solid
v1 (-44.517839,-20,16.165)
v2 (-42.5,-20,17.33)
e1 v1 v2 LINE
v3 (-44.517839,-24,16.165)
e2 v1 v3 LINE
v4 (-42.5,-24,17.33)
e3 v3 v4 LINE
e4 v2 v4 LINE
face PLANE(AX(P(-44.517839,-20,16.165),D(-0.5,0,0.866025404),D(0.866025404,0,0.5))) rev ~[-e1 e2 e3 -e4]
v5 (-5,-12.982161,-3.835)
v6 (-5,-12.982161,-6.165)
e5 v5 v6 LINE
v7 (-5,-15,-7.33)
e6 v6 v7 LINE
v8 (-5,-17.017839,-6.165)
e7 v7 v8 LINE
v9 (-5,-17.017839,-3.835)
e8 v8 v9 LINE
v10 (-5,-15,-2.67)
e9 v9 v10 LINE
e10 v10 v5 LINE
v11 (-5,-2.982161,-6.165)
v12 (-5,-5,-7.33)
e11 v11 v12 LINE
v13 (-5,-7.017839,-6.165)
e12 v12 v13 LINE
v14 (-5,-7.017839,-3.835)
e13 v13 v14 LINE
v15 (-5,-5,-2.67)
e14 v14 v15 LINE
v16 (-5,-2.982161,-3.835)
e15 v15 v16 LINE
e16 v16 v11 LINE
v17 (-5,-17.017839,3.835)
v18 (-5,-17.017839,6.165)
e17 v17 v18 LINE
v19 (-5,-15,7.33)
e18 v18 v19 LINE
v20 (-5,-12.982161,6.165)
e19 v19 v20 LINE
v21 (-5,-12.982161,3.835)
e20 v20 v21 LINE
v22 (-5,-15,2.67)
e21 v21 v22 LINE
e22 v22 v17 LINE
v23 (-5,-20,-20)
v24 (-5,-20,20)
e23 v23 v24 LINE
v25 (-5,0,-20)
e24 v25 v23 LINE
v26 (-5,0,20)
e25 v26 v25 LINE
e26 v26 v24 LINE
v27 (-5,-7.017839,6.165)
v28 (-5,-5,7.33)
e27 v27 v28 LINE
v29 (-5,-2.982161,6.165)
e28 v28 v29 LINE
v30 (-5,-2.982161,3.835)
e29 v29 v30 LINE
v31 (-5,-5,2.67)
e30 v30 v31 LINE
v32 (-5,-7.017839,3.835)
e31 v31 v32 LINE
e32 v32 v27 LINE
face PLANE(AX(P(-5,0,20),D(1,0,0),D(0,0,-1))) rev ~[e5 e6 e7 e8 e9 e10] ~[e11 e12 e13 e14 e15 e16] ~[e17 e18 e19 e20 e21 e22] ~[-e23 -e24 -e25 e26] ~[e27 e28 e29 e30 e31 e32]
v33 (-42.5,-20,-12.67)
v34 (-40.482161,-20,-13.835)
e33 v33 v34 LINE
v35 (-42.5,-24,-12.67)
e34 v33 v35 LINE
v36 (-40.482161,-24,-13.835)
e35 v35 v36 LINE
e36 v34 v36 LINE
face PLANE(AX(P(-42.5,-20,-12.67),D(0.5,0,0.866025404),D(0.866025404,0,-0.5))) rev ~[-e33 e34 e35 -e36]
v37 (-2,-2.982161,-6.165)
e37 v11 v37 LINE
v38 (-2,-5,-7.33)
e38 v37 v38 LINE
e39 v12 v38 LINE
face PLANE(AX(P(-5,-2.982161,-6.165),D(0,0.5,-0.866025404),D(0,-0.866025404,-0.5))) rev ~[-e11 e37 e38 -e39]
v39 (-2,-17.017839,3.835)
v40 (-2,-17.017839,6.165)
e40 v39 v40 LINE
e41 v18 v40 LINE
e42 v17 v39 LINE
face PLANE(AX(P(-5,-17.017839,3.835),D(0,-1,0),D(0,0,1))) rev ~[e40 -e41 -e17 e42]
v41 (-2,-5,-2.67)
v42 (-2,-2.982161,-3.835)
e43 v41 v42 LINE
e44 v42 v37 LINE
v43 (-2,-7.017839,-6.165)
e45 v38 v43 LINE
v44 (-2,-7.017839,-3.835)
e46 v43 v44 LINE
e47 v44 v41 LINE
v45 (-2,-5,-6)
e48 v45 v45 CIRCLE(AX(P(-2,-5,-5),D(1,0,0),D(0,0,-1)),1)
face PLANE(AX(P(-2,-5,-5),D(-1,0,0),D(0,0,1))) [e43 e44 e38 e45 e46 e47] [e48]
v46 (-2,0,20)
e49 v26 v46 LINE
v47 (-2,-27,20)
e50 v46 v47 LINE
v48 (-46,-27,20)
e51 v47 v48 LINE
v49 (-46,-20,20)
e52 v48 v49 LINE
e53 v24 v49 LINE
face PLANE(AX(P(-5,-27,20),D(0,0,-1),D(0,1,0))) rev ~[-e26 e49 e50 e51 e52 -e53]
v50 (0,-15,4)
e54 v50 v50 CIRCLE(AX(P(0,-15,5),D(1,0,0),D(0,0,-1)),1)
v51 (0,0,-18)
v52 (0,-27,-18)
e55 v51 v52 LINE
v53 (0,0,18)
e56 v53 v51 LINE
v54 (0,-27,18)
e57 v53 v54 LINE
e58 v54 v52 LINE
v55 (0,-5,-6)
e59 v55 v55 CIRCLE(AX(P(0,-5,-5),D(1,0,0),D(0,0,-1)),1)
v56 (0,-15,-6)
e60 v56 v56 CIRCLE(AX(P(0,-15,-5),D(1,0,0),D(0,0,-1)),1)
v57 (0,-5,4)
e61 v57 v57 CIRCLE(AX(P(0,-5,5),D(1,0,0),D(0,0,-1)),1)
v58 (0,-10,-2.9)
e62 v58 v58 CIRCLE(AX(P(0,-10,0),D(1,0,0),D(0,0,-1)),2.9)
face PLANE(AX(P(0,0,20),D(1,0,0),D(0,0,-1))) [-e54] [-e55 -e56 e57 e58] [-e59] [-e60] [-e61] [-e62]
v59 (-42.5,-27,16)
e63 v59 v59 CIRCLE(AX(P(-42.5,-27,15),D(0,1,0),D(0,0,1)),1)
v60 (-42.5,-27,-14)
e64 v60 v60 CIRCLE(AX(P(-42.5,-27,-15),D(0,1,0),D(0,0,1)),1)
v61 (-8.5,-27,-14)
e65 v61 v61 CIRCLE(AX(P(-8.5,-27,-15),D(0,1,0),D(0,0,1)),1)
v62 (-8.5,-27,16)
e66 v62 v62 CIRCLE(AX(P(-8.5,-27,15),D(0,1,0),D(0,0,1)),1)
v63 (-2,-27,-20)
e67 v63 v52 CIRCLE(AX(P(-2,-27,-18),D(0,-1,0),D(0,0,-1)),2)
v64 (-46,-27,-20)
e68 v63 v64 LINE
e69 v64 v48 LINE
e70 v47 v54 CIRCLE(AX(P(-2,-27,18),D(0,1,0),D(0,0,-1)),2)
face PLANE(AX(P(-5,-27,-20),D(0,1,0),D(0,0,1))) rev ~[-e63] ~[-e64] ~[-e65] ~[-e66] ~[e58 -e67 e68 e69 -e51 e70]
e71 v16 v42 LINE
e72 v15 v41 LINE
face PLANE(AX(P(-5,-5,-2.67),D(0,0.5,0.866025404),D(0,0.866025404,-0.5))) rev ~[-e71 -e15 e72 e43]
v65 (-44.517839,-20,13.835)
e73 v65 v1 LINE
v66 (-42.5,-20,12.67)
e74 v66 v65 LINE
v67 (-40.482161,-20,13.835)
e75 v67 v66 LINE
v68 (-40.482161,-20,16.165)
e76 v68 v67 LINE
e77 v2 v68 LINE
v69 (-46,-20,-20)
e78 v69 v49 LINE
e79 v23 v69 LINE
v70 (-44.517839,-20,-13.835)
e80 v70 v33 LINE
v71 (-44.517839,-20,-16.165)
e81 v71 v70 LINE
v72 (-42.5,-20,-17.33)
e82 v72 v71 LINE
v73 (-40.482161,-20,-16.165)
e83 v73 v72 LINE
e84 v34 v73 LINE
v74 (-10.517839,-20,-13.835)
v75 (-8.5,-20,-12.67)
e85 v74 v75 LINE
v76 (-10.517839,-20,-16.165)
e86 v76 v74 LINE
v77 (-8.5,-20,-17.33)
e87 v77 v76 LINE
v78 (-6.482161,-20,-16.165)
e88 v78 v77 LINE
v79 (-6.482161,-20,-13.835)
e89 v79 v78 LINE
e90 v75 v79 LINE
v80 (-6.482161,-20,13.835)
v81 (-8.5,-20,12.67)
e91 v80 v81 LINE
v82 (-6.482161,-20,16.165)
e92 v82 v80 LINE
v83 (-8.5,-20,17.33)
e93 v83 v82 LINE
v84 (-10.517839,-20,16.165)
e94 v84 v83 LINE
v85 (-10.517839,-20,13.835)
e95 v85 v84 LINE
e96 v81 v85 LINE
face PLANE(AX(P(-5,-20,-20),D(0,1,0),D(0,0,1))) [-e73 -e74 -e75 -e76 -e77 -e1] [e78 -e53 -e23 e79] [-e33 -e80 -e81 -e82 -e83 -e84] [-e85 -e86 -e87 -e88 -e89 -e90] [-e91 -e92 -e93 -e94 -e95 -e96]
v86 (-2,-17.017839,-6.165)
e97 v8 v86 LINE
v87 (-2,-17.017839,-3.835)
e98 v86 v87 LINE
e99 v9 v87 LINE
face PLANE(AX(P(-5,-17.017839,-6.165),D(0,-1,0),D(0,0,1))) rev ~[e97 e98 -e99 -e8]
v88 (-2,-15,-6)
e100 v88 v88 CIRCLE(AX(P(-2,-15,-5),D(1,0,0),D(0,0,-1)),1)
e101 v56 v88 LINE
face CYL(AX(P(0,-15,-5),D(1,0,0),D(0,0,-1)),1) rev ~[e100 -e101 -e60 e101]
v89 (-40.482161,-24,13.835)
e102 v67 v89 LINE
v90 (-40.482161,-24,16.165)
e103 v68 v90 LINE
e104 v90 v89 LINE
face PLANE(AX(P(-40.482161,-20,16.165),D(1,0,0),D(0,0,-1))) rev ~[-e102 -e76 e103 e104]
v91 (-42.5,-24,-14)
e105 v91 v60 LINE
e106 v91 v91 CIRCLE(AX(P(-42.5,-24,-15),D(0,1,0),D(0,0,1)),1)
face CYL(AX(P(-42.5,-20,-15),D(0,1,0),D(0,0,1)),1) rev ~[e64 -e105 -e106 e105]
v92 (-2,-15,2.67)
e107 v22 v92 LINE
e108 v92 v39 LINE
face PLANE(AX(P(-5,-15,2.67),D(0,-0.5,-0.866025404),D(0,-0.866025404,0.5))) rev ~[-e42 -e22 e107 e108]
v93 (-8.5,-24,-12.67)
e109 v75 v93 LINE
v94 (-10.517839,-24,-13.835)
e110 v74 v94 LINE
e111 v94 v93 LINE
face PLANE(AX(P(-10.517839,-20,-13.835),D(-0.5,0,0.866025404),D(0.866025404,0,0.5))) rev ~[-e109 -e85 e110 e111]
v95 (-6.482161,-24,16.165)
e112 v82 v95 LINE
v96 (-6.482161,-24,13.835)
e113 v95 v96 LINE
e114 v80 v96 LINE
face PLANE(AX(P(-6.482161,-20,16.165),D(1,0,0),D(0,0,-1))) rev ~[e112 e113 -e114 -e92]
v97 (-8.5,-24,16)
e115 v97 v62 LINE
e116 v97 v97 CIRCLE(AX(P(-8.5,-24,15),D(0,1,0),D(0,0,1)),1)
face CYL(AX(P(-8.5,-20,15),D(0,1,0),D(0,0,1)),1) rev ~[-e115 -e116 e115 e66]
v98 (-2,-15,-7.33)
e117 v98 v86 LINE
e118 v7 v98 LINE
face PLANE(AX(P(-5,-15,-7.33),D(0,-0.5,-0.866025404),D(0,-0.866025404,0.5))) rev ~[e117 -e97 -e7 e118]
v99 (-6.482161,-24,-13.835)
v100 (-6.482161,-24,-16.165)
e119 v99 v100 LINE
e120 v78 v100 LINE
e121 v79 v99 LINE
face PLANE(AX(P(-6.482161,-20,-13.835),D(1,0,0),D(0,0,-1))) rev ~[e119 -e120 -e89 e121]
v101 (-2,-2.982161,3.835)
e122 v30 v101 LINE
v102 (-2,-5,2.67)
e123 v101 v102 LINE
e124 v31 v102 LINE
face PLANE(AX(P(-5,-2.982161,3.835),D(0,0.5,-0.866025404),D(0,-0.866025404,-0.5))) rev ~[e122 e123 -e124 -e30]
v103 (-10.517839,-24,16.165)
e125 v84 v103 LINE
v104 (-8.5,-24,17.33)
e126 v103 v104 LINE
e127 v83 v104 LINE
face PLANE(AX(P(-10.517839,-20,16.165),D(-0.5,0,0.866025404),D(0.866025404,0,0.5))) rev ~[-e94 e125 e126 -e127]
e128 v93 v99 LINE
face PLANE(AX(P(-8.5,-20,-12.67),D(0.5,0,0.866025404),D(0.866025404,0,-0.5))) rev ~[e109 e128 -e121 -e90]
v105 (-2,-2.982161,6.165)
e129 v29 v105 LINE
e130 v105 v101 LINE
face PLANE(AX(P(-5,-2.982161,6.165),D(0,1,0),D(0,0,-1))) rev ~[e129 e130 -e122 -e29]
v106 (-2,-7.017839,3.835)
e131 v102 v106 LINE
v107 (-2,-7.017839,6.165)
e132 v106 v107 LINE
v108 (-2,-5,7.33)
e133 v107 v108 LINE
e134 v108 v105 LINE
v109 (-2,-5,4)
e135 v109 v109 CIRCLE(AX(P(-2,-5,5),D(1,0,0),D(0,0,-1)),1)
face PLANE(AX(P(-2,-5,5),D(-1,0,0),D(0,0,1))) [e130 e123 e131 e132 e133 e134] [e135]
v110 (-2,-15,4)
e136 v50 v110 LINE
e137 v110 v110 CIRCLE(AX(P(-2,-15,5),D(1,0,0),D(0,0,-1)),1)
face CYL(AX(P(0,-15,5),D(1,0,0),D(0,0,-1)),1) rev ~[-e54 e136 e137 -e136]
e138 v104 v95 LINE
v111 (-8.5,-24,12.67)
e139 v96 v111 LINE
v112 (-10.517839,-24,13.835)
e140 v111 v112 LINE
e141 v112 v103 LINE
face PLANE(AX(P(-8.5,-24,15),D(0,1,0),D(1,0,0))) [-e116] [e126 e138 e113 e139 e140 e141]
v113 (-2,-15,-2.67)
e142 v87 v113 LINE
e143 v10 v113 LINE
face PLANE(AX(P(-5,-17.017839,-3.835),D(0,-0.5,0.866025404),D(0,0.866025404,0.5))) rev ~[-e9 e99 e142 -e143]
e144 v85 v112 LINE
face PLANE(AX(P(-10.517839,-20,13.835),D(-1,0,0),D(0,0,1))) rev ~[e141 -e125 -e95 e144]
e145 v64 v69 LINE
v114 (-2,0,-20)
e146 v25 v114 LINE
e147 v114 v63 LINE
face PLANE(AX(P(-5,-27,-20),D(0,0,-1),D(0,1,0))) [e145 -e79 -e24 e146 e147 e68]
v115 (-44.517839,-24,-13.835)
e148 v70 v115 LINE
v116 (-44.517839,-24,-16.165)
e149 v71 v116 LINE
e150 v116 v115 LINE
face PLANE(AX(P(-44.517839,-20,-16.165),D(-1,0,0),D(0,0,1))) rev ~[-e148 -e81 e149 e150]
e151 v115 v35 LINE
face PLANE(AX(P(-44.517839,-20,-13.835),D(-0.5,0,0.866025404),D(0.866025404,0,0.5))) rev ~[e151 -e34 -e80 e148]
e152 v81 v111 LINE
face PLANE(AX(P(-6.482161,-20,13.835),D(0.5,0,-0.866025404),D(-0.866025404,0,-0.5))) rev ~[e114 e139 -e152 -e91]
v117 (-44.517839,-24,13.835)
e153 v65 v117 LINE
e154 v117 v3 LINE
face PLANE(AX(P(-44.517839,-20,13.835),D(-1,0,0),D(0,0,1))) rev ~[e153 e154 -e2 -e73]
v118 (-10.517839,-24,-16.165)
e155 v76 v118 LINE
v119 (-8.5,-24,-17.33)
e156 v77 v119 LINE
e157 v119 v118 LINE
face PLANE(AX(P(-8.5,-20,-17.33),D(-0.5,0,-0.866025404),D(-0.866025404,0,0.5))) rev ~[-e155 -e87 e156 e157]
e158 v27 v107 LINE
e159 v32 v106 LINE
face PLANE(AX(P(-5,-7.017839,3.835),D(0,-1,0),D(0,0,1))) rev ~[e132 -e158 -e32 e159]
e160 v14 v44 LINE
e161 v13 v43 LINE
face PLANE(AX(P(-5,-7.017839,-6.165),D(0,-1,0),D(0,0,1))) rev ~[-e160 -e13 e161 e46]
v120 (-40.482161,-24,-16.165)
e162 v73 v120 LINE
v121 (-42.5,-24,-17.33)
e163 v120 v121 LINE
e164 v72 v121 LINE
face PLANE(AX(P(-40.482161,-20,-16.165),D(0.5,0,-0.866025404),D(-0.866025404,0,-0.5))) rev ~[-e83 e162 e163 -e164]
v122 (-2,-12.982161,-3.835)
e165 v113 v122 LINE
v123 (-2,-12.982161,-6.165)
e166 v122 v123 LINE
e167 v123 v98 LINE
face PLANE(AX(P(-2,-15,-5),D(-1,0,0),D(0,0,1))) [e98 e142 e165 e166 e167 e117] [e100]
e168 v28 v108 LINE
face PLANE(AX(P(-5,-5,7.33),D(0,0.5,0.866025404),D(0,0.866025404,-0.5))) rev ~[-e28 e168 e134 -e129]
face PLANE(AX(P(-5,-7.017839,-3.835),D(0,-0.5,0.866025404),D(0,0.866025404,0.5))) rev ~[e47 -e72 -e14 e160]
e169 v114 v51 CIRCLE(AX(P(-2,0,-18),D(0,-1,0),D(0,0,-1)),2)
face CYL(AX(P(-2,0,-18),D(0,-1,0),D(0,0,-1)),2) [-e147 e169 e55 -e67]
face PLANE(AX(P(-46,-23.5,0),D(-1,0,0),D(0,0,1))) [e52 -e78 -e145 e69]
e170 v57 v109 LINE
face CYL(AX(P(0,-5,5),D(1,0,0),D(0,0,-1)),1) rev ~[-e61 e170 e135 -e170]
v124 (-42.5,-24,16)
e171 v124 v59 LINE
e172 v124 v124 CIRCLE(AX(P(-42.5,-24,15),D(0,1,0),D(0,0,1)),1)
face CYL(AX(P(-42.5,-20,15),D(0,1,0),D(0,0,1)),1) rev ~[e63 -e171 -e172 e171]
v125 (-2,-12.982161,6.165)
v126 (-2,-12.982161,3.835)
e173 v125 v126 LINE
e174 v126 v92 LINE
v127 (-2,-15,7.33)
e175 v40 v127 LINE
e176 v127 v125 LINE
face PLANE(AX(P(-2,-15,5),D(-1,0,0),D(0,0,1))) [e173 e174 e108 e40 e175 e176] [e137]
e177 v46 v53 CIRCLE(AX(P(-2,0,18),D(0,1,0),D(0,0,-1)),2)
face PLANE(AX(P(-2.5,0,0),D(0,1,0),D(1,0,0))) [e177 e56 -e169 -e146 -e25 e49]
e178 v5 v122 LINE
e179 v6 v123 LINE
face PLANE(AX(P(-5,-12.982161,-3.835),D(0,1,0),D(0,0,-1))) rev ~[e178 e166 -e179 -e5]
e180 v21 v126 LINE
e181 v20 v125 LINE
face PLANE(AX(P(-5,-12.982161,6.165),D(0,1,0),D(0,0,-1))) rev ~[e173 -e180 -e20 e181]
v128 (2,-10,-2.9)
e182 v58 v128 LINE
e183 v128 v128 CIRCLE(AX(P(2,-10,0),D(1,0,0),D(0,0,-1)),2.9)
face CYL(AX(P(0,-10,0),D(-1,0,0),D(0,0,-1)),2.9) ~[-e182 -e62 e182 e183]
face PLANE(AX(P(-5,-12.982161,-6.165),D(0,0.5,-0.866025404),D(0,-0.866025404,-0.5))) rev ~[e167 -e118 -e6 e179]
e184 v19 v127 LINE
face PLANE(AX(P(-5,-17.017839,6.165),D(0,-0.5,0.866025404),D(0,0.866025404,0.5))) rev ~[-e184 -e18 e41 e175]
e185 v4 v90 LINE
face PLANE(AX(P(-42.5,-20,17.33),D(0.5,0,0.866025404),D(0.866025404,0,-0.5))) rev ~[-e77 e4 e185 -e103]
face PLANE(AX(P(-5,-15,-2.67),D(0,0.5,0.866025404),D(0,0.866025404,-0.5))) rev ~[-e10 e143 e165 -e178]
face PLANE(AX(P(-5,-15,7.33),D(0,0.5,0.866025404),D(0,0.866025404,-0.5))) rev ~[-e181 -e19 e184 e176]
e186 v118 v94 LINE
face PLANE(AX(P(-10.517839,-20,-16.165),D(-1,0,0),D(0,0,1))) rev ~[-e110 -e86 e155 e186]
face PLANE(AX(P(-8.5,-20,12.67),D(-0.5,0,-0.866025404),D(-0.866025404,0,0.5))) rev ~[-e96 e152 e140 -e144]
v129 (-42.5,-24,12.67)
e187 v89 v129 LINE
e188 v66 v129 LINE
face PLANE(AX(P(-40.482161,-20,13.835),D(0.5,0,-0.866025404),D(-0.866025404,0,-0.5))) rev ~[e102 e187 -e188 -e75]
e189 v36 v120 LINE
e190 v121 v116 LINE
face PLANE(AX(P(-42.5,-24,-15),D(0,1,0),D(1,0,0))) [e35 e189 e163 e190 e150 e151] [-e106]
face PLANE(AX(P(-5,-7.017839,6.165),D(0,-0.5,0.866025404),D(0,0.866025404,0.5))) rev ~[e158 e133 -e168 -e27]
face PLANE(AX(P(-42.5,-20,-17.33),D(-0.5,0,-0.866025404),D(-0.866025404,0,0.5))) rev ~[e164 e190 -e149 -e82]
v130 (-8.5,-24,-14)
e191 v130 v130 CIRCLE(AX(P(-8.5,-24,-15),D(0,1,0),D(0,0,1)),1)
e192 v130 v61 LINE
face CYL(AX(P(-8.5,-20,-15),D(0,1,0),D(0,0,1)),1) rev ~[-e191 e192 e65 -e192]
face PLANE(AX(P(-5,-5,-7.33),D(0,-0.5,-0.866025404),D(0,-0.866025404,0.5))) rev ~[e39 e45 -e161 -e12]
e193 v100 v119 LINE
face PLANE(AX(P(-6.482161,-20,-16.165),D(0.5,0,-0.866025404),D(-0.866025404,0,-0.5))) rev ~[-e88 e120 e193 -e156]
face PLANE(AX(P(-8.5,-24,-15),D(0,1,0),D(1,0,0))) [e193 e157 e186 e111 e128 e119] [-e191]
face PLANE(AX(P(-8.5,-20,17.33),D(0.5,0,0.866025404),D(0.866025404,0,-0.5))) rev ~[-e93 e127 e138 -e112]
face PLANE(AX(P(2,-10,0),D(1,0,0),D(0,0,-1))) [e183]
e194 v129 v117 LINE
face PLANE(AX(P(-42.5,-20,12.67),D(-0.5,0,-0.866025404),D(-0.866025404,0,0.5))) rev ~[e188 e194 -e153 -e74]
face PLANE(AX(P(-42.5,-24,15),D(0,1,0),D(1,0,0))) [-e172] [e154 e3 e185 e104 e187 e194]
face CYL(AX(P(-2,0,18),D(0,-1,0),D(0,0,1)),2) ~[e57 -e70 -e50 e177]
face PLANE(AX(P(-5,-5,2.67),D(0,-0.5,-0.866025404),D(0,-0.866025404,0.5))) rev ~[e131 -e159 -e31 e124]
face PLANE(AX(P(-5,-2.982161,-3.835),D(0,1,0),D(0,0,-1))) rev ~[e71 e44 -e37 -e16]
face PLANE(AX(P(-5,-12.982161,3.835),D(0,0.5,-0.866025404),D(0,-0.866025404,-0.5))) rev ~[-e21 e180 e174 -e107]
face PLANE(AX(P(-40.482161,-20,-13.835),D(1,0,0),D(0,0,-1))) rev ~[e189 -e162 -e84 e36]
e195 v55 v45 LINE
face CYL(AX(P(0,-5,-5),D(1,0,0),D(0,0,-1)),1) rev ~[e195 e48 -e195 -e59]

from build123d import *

# Parameters (mm, degrees)
ESQUISSE1_W             = 5
ESQUISSE1_H             = 40
BOSS_EXTRU_1_DEPTH      = 27
ESQUISSE2_W             = 40
ESQUISSE2_H             = 7
BOSS_EXTRU_2_DEPTH      = 41
CONG_1_R                = 2
ENL_V_MAT_EXTRU_1_REACH = 48
ESQUISSE4_R             = 1
ESQUISSE5_R             = 2.9
BOSS_EXTRU_3_DEPTH      = 2
ENL_V_MAT_EXTRU_3_DEPTH = 3
ESQUISSE9_R             = 1
ENL_V_MAT_EXTRU_5_DEPTH = 8
ENL_V_MAT_EXTRU_4_DEPTH = 4


with BuildPart() as part:
    # Esquisse1 → Boss.-Extru.1 (new body)
    with BuildSketch(Plane(origin=(0, 0, 0), x_dir=(1, 0, 0), z_dir=(0, 1, 0))):
        with Locations((-2.5, 0)):
            Rectangle(ESQUISSE1_W, ESQUISSE1_H)
    extrude(amount=-BOSS_EXTRU_1_DEPTH)

    # Esquisse2 → Boss.-Extru.2 (add)
    with BuildSketch(Plane.ZY.offset(5)):
        with Locations((0, -23.5)):
            Rectangle(ESQUISSE2_W, ESQUISSE2_H)
    extrude(amount=BOSS_EXTRU_2_DEPTH)

    # Congé1
    cong_1_edges = [part.edges().sort_by_distance(p)[0] for p in [
        (0, -13.5, 20),
        (0, -13.5, -20),
    ]]
    fillet(cong_1_edges, radius=CONG_1_R)

    # Esquisse4 → Enlèv. mat.-Extru.1 (cut, up to next)
    with BuildSketch(Plane(origin=(0, 0, 0), x_dir=(0, 0, -1), z_dir=(1, 0, 0)), mode=Mode.PRIVATE) as enl_v_mat_extru_1_sk1:
        with Locations((-5, -5)):
            Circle(ESQUISSE4_R)
    enl_v_mat_extru_1_tool1 = extrude(enl_v_mat_extru_1_sk1.sketch, amount=-ENL_V_MAT_EXTRU_1_REACH, mode=Mode.PRIVATE) & part.part
    add(enl_v_mat_extru_1_tool1.solids().sort_by_distance((0, -5, 5))[0], mode=Mode.SUBTRACT)
    # Esquisse4 → Enlèv. mat.-Extru.1 (cut, up to next)
    with BuildSketch(Plane(origin=(0, 0, 0), x_dir=(0, 0, -1), z_dir=(1, 0, 0)), mode=Mode.PRIVATE) as enl_v_mat_extru_1_sk2:
        with Locations((5, -5)):
            Circle(ESQUISSE4_R)
    enl_v_mat_extru_1_tool2 = extrude(enl_v_mat_extru_1_sk2.sketch, amount=-ENL_V_MAT_EXTRU_1_REACH, mode=Mode.PRIVATE) & part.part
    add(enl_v_mat_extru_1_tool2.solids().sort_by_distance((0, -5, -5))[0], mode=Mode.SUBTRACT)
    # Esquisse4 → Enlèv. mat.-Extru.1 (cut, up to next)
    with BuildSketch(Plane(origin=(0, 0, 0), x_dir=(0, 0, -1), z_dir=(1, 0, 0)), mode=Mode.PRIVATE) as enl_v_mat_extru_1_sk3:
        with Locations((-5, -15)):
            Circle(ESQUISSE4_R)
    enl_v_mat_extru_1_tool3 = extrude(enl_v_mat_extru_1_sk3.sketch, amount=-ENL_V_MAT_EXTRU_1_REACH, mode=Mode.PRIVATE) & part.part
    add(enl_v_mat_extru_1_tool3.solids().sort_by_distance((0, -15, 5))[0], mode=Mode.SUBTRACT)
    # Esquisse4 → Enlèv. mat.-Extru.1 (cut, up to next)
    with BuildSketch(Plane(origin=(0, 0, 0), x_dir=(0, 0, -1), z_dir=(1, 0, 0)), mode=Mode.PRIVATE) as enl_v_mat_extru_1_sk4:
        with Locations((5, -15)):
            Circle(ESQUISSE4_R)
    enl_v_mat_extru_1_tool4 = extrude(enl_v_mat_extru_1_sk4.sketch, amount=-ENL_V_MAT_EXTRU_1_REACH, mode=Mode.PRIVATE) & part.part
    add(enl_v_mat_extru_1_tool4.solids().sort_by_distance((0, -15, -5))[0], mode=Mode.SUBTRACT)

    # Esquisse5 → Boss.-Extru.3 (add)
    with BuildSketch(Plane(origin=(0, 0, 0), x_dir=(0, 0, -1), z_dir=(1, 0, 0))):
        with Locations((0, -10)):
            Circle(ESQUISSE5_R)
    extrude(amount=BOSS_EXTRU_3_DEPTH)

    # Esquisse7 → Enlèv. mat.-Extru.3 (cut)
    with BuildSketch(Plane.ZY.offset(5)):
        Polygon((-3.835, -7.017839191), (-2.67, -5), (-3.835, -2.982160809), (-6.165, -2.982160809), (-7.33, -5), (-6.165, -7.017839191), align=None)
        Polygon((3.835, -2.982160809), (2.67, -5), (3.835, -7.017839191), (6.165, -7.017839191), (7.33, -5), (6.165, -2.982160809), align=None)
        Polygon((-3.835, -17.017839191), (-2.67, -15), (-3.835, -12.982160809), (-6.165, -12.982160809), (-7.33, -15), (-6.165, -17.017839191), align=None)
        Polygon((7.33, -15), (6.165, -12.982160809), (3.835, -12.982160809), (2.67, -15), (3.835, -17.017839191), (6.165, -17.017839191), align=None)
    extrude(amount=-ENL_V_MAT_EXTRU_3_DEPTH, mode=Mode.SUBTRACT)

    # Esquisse9 → Enlèv. mat.-Extru.5 (cut, through all)
    with BuildSketch(Plane(origin=(0, -20, 0), x_dir=(1, 0, 0), z_dir=(0, 1, 0))):
        with Locations(Location((-8.5, 15, 0), (0, 0, 270))):  # turned: the seam where the file's is
            Circle(ESQUISSE9_R)
        with Locations(Location((-8.5, -15, 0), (0, 0, 270))):  # turned: the seam where the file's is
            Circle(ESQUISSE9_R)
        with Locations(Location((-42.5, -15, 0), (0, 0, 270))):  # turned: the seam where the file's is
            Circle(ESQUISSE9_R)
        with Locations(Location((-42.5, 15, 0), (0, 0, 270))):  # turned: the seam where the file's is
            Circle(ESQUISSE9_R)
    extrude(amount=-ENL_V_MAT_EXTRU_5_DEPTH, mode=Mode.SUBTRACT)

    # Esquisse8 → Enlèv. mat.-Extru.4 (cut)
    with BuildSketch(Plane(origin=(0, -20, 0), x_dir=(1, 0, 0), z_dir=(0, 1, 0))):
        Polygon((-10.517839191, 13.835), (-8.5, 12.67), (-6.482160809, 13.835), (-6.482160809, 16.165), (-8.5, 17.33), (-10.517839191, 16.165), align=None)
        Polygon((-10.517839191, -16.165), (-8.5, -17.33), (-6.482160809, -16.165), (-6.482160809, -13.835), (-8.5, -12.67), (-10.517839191, -13.835), align=None)
        Polygon((-44.517839191, -16.165), (-42.5, -17.33), (-40.482160809, -16.165), (-40.482160809, -13.835), (-42.5, -12.67), (-44.517839191, -13.835), align=None)
        Polygon((-42.5, 12.67), (-40.482160809, 13.835), (-40.482160809, 16.165), (-42.5, 17.33), (-44.517839191, 16.165), (-44.517839191, 13.835), align=None)
    extrude(amount=-ENL_V_MAT_EXTRU_4_DEPTH, mode=Mode.SUBTRACT)


solid = part.part
